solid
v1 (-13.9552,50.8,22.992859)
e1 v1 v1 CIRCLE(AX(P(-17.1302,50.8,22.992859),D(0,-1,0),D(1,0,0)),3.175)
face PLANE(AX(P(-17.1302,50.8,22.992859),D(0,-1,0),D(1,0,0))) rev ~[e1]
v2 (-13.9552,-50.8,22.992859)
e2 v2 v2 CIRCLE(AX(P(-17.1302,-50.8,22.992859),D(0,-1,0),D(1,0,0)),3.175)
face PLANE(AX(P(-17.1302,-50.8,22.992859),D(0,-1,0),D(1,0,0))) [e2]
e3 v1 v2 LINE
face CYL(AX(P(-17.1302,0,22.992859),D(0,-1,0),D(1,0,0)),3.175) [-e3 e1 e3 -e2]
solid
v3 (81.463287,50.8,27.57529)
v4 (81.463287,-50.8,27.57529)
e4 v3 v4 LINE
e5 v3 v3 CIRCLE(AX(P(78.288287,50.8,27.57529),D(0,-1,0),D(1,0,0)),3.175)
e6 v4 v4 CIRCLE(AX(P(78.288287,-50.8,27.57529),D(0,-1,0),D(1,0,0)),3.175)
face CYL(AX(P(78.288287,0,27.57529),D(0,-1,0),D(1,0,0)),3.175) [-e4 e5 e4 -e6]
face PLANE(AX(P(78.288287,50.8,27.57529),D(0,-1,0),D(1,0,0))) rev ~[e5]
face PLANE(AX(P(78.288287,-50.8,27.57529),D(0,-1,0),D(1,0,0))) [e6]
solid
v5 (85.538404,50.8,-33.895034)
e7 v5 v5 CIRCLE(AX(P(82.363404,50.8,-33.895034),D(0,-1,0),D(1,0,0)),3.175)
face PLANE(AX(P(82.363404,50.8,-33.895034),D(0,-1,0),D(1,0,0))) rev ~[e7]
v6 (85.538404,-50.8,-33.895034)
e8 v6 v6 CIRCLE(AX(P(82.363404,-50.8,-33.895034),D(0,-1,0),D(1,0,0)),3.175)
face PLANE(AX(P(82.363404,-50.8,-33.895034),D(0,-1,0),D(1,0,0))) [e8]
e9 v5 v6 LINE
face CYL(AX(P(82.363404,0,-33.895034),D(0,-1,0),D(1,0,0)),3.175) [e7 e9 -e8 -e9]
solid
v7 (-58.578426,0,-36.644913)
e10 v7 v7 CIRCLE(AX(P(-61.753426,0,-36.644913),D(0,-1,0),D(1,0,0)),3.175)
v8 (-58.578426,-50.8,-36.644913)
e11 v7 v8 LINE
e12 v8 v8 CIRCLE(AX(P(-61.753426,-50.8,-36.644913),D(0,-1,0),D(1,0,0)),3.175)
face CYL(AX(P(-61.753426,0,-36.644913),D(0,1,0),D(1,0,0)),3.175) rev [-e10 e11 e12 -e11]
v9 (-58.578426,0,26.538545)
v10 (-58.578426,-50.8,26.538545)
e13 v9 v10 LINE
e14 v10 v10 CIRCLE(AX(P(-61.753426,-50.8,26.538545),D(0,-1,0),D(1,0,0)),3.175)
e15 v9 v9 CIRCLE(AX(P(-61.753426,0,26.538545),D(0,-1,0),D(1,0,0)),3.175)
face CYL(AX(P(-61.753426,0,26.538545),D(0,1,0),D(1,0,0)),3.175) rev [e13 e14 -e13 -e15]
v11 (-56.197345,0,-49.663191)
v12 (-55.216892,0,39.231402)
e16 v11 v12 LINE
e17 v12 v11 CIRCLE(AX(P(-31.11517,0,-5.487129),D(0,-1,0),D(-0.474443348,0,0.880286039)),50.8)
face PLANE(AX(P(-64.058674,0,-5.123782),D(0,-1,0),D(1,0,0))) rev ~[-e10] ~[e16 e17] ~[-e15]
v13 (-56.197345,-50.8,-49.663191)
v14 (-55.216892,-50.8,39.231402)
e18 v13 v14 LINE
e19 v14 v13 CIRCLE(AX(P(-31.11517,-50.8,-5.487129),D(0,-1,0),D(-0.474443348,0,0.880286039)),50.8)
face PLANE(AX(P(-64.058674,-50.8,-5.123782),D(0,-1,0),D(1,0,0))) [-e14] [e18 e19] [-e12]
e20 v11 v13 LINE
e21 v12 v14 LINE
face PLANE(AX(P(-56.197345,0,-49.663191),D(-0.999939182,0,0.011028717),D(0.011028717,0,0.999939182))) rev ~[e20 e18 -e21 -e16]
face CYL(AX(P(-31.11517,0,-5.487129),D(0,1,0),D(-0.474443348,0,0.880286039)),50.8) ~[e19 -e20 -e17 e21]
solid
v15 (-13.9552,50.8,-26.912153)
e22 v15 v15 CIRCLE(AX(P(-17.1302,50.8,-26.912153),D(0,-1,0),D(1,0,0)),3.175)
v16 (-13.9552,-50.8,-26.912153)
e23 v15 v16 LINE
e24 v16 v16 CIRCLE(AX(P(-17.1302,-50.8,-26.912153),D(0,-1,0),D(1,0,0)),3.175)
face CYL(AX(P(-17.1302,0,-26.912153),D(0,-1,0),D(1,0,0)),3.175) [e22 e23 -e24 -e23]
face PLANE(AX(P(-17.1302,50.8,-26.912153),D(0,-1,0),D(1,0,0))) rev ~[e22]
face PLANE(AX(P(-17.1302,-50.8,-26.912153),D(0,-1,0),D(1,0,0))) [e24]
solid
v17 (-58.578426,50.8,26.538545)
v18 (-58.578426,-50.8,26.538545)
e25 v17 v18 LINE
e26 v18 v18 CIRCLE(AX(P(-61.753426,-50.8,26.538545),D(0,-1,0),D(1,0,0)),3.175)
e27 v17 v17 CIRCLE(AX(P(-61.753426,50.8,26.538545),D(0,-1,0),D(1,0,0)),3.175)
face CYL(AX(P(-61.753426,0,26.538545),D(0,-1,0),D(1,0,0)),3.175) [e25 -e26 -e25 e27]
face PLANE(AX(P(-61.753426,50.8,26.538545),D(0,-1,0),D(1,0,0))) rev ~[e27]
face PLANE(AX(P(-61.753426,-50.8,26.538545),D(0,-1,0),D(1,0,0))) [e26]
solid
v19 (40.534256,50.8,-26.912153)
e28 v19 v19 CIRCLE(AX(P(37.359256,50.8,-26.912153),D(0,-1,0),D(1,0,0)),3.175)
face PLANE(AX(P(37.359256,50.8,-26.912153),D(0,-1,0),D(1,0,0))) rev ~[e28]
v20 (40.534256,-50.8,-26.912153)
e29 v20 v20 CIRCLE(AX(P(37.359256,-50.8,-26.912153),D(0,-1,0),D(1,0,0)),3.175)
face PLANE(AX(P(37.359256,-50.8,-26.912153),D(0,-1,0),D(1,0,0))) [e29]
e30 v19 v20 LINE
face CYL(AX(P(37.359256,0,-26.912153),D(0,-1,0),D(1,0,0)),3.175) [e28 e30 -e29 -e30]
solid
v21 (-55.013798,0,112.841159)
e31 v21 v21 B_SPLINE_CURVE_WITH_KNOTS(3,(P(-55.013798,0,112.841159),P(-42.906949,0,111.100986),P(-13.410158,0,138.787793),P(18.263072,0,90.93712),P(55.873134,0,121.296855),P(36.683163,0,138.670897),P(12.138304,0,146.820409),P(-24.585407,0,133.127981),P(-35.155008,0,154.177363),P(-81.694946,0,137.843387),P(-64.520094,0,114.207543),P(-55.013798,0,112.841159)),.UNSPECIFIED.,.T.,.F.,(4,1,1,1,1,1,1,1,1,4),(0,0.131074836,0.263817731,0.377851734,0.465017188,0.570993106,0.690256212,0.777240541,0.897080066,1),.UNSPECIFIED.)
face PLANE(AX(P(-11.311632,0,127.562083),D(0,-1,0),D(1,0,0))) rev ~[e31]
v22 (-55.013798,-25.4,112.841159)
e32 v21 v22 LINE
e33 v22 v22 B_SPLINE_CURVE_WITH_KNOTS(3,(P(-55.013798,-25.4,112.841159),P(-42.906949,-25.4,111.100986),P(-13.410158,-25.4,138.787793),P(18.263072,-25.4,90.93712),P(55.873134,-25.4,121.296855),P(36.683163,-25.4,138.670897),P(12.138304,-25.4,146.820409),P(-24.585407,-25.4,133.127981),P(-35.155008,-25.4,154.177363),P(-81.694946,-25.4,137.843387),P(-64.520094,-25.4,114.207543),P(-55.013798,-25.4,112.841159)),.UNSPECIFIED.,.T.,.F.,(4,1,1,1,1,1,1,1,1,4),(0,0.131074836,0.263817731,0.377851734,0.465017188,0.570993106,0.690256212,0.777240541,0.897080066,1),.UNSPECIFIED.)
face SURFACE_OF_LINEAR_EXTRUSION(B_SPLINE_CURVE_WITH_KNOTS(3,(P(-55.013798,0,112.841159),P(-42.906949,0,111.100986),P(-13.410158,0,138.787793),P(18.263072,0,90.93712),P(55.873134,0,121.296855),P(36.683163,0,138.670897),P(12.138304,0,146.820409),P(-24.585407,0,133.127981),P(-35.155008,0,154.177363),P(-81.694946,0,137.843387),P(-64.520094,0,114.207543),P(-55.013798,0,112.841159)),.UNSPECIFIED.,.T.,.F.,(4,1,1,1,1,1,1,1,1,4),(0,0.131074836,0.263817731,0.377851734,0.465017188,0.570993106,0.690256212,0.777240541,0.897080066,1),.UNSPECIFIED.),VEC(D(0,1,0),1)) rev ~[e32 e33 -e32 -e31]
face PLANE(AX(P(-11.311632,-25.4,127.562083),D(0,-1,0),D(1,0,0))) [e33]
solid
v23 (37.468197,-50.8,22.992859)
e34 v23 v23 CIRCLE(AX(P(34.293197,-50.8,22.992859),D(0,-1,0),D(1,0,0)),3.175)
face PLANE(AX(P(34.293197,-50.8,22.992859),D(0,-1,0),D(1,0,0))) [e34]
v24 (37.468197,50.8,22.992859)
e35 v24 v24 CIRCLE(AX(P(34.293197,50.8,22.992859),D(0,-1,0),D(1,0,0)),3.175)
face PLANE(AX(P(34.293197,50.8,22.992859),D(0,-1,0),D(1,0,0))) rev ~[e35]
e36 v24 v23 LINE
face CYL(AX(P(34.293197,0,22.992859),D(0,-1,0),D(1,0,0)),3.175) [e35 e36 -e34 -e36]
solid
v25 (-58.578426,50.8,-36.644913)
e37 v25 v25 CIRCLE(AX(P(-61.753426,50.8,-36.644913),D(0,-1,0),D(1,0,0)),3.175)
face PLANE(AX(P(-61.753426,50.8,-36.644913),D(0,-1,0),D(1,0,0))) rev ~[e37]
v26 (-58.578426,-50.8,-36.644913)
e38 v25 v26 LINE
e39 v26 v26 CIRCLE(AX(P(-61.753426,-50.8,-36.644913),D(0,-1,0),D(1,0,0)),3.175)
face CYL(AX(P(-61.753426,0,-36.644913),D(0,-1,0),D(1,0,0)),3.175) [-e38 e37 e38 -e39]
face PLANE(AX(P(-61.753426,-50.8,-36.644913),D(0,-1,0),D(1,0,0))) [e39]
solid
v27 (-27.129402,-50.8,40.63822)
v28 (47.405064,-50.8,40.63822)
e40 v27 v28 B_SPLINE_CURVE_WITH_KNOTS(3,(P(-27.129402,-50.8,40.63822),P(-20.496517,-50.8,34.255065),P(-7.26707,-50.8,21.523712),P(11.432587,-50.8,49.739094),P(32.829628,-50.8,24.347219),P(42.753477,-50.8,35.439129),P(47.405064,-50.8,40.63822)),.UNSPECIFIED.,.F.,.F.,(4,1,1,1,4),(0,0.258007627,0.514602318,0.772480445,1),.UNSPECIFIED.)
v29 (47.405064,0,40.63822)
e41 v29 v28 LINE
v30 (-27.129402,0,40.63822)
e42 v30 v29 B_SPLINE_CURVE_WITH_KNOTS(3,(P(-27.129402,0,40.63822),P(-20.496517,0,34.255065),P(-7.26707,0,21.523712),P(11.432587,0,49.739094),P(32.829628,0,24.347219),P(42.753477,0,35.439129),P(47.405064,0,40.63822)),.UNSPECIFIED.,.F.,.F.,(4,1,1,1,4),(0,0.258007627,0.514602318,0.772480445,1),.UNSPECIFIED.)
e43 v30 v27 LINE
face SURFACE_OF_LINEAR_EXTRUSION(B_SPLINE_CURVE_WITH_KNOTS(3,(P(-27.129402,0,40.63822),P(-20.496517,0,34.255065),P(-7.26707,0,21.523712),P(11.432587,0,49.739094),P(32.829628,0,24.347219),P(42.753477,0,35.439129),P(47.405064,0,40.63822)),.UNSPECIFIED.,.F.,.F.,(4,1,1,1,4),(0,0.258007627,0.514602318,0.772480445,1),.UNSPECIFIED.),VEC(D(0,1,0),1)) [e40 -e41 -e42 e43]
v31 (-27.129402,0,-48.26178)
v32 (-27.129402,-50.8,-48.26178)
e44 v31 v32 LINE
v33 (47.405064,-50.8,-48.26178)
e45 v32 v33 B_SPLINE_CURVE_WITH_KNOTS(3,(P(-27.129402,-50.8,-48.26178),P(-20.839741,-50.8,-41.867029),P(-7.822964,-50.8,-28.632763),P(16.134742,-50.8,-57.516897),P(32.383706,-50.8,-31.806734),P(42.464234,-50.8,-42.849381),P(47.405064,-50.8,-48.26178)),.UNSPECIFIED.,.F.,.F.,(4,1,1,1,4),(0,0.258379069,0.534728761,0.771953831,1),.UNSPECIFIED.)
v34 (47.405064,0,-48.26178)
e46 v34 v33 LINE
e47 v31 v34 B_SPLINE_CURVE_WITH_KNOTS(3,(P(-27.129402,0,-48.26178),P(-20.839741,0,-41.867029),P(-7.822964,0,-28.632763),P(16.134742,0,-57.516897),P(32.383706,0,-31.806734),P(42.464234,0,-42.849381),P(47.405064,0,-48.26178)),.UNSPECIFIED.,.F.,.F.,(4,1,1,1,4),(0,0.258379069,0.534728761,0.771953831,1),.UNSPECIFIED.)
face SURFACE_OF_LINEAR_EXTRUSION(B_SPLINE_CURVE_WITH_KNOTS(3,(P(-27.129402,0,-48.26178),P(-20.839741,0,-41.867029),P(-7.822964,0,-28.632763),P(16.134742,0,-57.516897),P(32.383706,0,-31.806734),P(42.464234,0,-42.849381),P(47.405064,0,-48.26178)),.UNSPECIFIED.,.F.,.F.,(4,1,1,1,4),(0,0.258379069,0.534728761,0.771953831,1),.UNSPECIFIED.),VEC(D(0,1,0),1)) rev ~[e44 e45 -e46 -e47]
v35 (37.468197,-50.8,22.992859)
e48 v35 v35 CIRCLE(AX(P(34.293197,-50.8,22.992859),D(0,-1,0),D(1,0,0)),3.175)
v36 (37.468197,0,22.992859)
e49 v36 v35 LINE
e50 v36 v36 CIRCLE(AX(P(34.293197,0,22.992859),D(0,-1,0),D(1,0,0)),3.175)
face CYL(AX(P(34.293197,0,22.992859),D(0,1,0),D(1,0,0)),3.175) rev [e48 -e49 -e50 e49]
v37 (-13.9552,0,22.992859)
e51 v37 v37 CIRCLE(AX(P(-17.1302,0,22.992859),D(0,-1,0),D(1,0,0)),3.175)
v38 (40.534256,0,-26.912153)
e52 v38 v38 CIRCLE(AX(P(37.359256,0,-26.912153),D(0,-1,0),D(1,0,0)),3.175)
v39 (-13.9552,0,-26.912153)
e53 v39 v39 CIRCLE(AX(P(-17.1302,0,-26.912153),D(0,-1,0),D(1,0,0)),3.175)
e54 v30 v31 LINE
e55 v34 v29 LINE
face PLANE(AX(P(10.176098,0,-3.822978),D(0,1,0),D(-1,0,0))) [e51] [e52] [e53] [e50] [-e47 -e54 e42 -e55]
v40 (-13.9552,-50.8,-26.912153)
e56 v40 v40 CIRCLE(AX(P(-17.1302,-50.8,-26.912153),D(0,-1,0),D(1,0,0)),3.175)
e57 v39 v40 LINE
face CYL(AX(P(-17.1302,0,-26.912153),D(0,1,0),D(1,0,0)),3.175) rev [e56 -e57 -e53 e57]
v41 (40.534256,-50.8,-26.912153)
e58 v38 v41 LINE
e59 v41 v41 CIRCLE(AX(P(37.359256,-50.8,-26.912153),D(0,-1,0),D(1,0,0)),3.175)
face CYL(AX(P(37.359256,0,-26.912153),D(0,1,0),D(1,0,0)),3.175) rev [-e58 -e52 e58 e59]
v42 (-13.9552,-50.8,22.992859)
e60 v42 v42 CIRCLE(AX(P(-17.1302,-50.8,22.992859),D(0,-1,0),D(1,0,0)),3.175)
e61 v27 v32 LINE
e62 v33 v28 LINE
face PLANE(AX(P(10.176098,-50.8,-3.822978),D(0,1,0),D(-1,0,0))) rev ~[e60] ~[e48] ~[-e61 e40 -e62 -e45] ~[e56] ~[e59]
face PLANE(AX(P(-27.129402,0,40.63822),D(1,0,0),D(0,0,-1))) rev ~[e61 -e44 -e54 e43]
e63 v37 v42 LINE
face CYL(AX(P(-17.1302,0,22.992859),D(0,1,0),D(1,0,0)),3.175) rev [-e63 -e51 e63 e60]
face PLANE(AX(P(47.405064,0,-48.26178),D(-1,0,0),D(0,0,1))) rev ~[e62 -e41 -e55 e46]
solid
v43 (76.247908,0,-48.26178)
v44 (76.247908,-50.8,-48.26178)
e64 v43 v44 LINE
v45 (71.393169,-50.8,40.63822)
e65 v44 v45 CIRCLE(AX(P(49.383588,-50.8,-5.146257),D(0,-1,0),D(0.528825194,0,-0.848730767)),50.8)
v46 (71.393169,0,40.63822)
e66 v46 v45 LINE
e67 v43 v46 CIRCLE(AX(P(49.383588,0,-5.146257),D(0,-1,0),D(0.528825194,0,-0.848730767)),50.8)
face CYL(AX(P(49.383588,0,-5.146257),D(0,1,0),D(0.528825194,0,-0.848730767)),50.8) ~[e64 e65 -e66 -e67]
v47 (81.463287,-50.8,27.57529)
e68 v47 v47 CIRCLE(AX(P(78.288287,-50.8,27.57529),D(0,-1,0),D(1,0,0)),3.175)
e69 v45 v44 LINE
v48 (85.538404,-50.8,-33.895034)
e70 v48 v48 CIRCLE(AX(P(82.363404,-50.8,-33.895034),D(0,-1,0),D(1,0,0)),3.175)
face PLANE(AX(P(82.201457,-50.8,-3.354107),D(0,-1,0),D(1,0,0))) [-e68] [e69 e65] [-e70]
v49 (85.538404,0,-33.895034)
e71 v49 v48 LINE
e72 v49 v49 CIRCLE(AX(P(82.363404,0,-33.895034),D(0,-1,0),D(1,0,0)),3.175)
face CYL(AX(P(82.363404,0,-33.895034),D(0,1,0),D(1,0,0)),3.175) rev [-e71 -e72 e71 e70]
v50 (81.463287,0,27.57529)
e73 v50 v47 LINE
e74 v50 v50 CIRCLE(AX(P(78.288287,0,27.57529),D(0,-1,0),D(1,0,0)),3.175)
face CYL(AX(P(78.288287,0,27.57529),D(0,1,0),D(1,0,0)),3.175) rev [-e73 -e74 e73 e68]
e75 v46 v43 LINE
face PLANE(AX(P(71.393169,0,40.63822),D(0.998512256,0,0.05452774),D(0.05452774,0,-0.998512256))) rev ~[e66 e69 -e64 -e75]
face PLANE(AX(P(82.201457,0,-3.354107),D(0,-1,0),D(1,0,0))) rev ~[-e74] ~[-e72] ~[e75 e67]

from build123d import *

# Parameters (mm, degrees)
F0_R     = 3.175
F1_DEPTH = 50.8
F2_DEPTH = 50.8
F4_DEPTH = 25.4


with BuildPart() as f1:
    # F0 (on Front) → F1 (new body)
    with BuildSketch(Plane.XZ):
        with BuildLine():
            Line((-56.197345168, -49.663191052), (-55.2168922425, 39.2314022148))
            ThreePointArc((-55.2168922425, 39.2314022148), (-81.9120806227, -4.9268697364), (-56.197345168, -49.663191052))
        make_face()
        with Locations((-61.7534257472, -36.6449132562)):
            Circle(F0_R, mode=Mode.SUBTRACT)
        with Locations((-61.7534257472, 26.5385452658)):
            Circle(F0_R, mode=Mode.SUBTRACT)
    extrude(amount=F1_DEPTH)


with BuildPart() as f1b:
    # F0 (on Front) → F1, piece 2 (new body)
    with BuildSketch(Plane.XZ):
        with BuildLine():
            add(Edge.make_bspline(
                [(-27.1294023842, 40.6382197082), (-20.4965170798, 34.2550649547), (-7.2670703699, 21.5237117386), (11.4325865282, 49.7390943051), (32.8296281569, 24.3472193869), (42.7534768961, 35.4391293349), (47.405064106, 40.6382197082)],
                knots=[0, 0, 0, 0, 0.2580076269, 0.5146023177, 0.7724804448, 1, 1, 1, 1], degree=3))
            Line((-27.1294023842, 40.6382197082), (-27.1294023842, -48.2617802918))
            add(Edge.make_bspline(
                [(-27.1294023842, -48.2617802918), (-20.839741043, -41.8670291142), (-7.8229636544, -28.6327629082), (16.1347416615, -57.5168965189), (32.3837059278, -31.806733715), (42.4642344853, -42.8493814546), (47.405064106, -48.2617802918)],
                knots=[0, 0, 0, 0, 0.2583790687, 0.5347287614, 0.7719538312, 1, 1, 1, 1], degree=3))
            Line((47.405064106, -48.2617802918), (47.405064106, 40.6382197082))
        make_face()
        with Locations((-17.1301998198, -26.9121527672)):
            Circle(F0_R, mode=Mode.SUBTRACT)
        with Locations((37.3592562973, -26.9121527672)):
            Circle(F0_R, mode=Mode.SUBTRACT)
        with Locations((-17.1301998198, 22.9928586632)):
            Circle(F0_R, mode=Mode.SUBTRACT)
        with Locations((34.2931970954, 22.9928586632)):
            Circle(F0_R, mode=Mode.SUBTRACT)
    extrude(amount=F1_DEPTH)


with BuildPart() as f1c:
    # F0 (on Front) → F1, piece 3 (new body)
    with BuildSketch(Plane.XZ):
        with BuildLine():
            Line((71.3931694627, 40.6382197082), (76.247908175, -48.2617802918))
            ThreePointArc((76.247908175, -48.2617802918), (100.1080109426, -2.3762481369), (71.3931694627, 40.6382197082))
        make_face()
        with Locations((82.3634043336, -33.895034343)):
            Circle(F0_R, mode=Mode.SUBTRACT)
        with Locations((78.2882869244, 27.5752898306)):
            Circle(F0_R, mode=Mode.SUBTRACT)
    extrude(amount=F1_DEPTH)


with BuildPart() as f2:
    # F0 (on Front) → F2 (new body, symmetric)
    with BuildSketch(Plane.XZ):
        with Locations((-61.7534257472, 26.5385452658)):
            Circle(F0_R)
    extrude(amount=F2_DEPTH, both=True)


with BuildPart() as f2b:
    # F0 (on Front) → F2, piece 2 (new body, symmetric)
    with BuildSketch(Plane.XZ):
        with Locations((-61.7534257472, -36.6449132562)):
            Circle(F0_R)
    extrude(amount=F2_DEPTH, both=True)


with BuildPart() as f2c:
    # F0 (on Front) → F2, piece 3 (new body, symmetric)
    with BuildSketch(Plane.XZ):
        with Locations((37.3592562973, -26.9121527672)):
            Circle(F0_R)
    extrude(amount=F2_DEPTH, both=True)


with BuildPart() as f2d:
    # F0 (on Front) → F2, piece 4 (new body, symmetric)
    with BuildSketch(Plane.XZ):
        with Locations((34.2931970954, 22.9928586632)):
            Circle(F0_R)
    extrude(amount=F2_DEPTH, both=True)


with BuildPart() as f2e:
    # F0 (on Front) → F2, piece 5 (new body, symmetric)
    with BuildSketch(Plane.XZ):
        with Locations((78.2882869244, 27.5752898306)):
            Circle(F0_R)
    extrude(amount=F2_DEPTH, both=True)


with BuildPart() as f2f:
    # F0 (on Front) → F2, piece 6 (new body, symmetric)
    with BuildSketch(Plane.XZ):
        with Locations((-17.1301998198, -26.9121527672)):
            Circle(F0_R)
    extrude(amount=F2_DEPTH, both=True)


with BuildPart() as f2g:
    # F0 (on Front) → F2, piece 7 (new body, symmetric)
    with BuildSketch(Plane.XZ):
        with Locations((-17.1301998198, 22.9928586632)):
            Circle(F0_R)
    extrude(amount=F2_DEPTH, both=True)


with BuildPart() as f2h:
    # F0 (on Front) → F2, piece 8 (new body, symmetric)
    with BuildSketch(Plane.XZ):
        with Locations((82.3634043336, -33.895034343)):
            Circle(F0_R)
    extrude(amount=F2_DEPTH, both=True)


with BuildPart() as f4:
    # F3 (on Front) → F4 (new body)
    with BuildSketch(Plane.XZ):
        with BuildLine():
            add(Edge.make_bspline(
                [(-55.0137981772, 112.8411591053), (-42.9069490626, 111.100985742), (-13.4101575133, 138.7877927686), (18.2630721062, 90.9371204676), (55.8731337357, 121.296854622), (36.6831630329, 138.6708965276), (12.1383040564, 146.8204088868), (-24.5854065093, 133.1279810055), (-35.1550081711, 154.1773625791), (-81.6949461013, 137.8433872189), (-64.5200935952, 114.2075428698), (-55.0137981772, 112.8411591053)],
                knots=[0, 0, 0, 0, 0.1310748359, 0.2638177305, 0.3778517337, 0.4650171884, 0.5709931058, 0.690256212, 0.7772405415, 0.897080066, 1, 1, 1, 1], degree=3))
        make_face()
    extrude(amount=F4_DEPTH)


solid = Compound([f1.part, f1b.part, f1c.part, f2.part, f2b.part, f2c.part, f2d.part, f2e.part, f2f.part, f2g.part, f2h.part, f4.part])
